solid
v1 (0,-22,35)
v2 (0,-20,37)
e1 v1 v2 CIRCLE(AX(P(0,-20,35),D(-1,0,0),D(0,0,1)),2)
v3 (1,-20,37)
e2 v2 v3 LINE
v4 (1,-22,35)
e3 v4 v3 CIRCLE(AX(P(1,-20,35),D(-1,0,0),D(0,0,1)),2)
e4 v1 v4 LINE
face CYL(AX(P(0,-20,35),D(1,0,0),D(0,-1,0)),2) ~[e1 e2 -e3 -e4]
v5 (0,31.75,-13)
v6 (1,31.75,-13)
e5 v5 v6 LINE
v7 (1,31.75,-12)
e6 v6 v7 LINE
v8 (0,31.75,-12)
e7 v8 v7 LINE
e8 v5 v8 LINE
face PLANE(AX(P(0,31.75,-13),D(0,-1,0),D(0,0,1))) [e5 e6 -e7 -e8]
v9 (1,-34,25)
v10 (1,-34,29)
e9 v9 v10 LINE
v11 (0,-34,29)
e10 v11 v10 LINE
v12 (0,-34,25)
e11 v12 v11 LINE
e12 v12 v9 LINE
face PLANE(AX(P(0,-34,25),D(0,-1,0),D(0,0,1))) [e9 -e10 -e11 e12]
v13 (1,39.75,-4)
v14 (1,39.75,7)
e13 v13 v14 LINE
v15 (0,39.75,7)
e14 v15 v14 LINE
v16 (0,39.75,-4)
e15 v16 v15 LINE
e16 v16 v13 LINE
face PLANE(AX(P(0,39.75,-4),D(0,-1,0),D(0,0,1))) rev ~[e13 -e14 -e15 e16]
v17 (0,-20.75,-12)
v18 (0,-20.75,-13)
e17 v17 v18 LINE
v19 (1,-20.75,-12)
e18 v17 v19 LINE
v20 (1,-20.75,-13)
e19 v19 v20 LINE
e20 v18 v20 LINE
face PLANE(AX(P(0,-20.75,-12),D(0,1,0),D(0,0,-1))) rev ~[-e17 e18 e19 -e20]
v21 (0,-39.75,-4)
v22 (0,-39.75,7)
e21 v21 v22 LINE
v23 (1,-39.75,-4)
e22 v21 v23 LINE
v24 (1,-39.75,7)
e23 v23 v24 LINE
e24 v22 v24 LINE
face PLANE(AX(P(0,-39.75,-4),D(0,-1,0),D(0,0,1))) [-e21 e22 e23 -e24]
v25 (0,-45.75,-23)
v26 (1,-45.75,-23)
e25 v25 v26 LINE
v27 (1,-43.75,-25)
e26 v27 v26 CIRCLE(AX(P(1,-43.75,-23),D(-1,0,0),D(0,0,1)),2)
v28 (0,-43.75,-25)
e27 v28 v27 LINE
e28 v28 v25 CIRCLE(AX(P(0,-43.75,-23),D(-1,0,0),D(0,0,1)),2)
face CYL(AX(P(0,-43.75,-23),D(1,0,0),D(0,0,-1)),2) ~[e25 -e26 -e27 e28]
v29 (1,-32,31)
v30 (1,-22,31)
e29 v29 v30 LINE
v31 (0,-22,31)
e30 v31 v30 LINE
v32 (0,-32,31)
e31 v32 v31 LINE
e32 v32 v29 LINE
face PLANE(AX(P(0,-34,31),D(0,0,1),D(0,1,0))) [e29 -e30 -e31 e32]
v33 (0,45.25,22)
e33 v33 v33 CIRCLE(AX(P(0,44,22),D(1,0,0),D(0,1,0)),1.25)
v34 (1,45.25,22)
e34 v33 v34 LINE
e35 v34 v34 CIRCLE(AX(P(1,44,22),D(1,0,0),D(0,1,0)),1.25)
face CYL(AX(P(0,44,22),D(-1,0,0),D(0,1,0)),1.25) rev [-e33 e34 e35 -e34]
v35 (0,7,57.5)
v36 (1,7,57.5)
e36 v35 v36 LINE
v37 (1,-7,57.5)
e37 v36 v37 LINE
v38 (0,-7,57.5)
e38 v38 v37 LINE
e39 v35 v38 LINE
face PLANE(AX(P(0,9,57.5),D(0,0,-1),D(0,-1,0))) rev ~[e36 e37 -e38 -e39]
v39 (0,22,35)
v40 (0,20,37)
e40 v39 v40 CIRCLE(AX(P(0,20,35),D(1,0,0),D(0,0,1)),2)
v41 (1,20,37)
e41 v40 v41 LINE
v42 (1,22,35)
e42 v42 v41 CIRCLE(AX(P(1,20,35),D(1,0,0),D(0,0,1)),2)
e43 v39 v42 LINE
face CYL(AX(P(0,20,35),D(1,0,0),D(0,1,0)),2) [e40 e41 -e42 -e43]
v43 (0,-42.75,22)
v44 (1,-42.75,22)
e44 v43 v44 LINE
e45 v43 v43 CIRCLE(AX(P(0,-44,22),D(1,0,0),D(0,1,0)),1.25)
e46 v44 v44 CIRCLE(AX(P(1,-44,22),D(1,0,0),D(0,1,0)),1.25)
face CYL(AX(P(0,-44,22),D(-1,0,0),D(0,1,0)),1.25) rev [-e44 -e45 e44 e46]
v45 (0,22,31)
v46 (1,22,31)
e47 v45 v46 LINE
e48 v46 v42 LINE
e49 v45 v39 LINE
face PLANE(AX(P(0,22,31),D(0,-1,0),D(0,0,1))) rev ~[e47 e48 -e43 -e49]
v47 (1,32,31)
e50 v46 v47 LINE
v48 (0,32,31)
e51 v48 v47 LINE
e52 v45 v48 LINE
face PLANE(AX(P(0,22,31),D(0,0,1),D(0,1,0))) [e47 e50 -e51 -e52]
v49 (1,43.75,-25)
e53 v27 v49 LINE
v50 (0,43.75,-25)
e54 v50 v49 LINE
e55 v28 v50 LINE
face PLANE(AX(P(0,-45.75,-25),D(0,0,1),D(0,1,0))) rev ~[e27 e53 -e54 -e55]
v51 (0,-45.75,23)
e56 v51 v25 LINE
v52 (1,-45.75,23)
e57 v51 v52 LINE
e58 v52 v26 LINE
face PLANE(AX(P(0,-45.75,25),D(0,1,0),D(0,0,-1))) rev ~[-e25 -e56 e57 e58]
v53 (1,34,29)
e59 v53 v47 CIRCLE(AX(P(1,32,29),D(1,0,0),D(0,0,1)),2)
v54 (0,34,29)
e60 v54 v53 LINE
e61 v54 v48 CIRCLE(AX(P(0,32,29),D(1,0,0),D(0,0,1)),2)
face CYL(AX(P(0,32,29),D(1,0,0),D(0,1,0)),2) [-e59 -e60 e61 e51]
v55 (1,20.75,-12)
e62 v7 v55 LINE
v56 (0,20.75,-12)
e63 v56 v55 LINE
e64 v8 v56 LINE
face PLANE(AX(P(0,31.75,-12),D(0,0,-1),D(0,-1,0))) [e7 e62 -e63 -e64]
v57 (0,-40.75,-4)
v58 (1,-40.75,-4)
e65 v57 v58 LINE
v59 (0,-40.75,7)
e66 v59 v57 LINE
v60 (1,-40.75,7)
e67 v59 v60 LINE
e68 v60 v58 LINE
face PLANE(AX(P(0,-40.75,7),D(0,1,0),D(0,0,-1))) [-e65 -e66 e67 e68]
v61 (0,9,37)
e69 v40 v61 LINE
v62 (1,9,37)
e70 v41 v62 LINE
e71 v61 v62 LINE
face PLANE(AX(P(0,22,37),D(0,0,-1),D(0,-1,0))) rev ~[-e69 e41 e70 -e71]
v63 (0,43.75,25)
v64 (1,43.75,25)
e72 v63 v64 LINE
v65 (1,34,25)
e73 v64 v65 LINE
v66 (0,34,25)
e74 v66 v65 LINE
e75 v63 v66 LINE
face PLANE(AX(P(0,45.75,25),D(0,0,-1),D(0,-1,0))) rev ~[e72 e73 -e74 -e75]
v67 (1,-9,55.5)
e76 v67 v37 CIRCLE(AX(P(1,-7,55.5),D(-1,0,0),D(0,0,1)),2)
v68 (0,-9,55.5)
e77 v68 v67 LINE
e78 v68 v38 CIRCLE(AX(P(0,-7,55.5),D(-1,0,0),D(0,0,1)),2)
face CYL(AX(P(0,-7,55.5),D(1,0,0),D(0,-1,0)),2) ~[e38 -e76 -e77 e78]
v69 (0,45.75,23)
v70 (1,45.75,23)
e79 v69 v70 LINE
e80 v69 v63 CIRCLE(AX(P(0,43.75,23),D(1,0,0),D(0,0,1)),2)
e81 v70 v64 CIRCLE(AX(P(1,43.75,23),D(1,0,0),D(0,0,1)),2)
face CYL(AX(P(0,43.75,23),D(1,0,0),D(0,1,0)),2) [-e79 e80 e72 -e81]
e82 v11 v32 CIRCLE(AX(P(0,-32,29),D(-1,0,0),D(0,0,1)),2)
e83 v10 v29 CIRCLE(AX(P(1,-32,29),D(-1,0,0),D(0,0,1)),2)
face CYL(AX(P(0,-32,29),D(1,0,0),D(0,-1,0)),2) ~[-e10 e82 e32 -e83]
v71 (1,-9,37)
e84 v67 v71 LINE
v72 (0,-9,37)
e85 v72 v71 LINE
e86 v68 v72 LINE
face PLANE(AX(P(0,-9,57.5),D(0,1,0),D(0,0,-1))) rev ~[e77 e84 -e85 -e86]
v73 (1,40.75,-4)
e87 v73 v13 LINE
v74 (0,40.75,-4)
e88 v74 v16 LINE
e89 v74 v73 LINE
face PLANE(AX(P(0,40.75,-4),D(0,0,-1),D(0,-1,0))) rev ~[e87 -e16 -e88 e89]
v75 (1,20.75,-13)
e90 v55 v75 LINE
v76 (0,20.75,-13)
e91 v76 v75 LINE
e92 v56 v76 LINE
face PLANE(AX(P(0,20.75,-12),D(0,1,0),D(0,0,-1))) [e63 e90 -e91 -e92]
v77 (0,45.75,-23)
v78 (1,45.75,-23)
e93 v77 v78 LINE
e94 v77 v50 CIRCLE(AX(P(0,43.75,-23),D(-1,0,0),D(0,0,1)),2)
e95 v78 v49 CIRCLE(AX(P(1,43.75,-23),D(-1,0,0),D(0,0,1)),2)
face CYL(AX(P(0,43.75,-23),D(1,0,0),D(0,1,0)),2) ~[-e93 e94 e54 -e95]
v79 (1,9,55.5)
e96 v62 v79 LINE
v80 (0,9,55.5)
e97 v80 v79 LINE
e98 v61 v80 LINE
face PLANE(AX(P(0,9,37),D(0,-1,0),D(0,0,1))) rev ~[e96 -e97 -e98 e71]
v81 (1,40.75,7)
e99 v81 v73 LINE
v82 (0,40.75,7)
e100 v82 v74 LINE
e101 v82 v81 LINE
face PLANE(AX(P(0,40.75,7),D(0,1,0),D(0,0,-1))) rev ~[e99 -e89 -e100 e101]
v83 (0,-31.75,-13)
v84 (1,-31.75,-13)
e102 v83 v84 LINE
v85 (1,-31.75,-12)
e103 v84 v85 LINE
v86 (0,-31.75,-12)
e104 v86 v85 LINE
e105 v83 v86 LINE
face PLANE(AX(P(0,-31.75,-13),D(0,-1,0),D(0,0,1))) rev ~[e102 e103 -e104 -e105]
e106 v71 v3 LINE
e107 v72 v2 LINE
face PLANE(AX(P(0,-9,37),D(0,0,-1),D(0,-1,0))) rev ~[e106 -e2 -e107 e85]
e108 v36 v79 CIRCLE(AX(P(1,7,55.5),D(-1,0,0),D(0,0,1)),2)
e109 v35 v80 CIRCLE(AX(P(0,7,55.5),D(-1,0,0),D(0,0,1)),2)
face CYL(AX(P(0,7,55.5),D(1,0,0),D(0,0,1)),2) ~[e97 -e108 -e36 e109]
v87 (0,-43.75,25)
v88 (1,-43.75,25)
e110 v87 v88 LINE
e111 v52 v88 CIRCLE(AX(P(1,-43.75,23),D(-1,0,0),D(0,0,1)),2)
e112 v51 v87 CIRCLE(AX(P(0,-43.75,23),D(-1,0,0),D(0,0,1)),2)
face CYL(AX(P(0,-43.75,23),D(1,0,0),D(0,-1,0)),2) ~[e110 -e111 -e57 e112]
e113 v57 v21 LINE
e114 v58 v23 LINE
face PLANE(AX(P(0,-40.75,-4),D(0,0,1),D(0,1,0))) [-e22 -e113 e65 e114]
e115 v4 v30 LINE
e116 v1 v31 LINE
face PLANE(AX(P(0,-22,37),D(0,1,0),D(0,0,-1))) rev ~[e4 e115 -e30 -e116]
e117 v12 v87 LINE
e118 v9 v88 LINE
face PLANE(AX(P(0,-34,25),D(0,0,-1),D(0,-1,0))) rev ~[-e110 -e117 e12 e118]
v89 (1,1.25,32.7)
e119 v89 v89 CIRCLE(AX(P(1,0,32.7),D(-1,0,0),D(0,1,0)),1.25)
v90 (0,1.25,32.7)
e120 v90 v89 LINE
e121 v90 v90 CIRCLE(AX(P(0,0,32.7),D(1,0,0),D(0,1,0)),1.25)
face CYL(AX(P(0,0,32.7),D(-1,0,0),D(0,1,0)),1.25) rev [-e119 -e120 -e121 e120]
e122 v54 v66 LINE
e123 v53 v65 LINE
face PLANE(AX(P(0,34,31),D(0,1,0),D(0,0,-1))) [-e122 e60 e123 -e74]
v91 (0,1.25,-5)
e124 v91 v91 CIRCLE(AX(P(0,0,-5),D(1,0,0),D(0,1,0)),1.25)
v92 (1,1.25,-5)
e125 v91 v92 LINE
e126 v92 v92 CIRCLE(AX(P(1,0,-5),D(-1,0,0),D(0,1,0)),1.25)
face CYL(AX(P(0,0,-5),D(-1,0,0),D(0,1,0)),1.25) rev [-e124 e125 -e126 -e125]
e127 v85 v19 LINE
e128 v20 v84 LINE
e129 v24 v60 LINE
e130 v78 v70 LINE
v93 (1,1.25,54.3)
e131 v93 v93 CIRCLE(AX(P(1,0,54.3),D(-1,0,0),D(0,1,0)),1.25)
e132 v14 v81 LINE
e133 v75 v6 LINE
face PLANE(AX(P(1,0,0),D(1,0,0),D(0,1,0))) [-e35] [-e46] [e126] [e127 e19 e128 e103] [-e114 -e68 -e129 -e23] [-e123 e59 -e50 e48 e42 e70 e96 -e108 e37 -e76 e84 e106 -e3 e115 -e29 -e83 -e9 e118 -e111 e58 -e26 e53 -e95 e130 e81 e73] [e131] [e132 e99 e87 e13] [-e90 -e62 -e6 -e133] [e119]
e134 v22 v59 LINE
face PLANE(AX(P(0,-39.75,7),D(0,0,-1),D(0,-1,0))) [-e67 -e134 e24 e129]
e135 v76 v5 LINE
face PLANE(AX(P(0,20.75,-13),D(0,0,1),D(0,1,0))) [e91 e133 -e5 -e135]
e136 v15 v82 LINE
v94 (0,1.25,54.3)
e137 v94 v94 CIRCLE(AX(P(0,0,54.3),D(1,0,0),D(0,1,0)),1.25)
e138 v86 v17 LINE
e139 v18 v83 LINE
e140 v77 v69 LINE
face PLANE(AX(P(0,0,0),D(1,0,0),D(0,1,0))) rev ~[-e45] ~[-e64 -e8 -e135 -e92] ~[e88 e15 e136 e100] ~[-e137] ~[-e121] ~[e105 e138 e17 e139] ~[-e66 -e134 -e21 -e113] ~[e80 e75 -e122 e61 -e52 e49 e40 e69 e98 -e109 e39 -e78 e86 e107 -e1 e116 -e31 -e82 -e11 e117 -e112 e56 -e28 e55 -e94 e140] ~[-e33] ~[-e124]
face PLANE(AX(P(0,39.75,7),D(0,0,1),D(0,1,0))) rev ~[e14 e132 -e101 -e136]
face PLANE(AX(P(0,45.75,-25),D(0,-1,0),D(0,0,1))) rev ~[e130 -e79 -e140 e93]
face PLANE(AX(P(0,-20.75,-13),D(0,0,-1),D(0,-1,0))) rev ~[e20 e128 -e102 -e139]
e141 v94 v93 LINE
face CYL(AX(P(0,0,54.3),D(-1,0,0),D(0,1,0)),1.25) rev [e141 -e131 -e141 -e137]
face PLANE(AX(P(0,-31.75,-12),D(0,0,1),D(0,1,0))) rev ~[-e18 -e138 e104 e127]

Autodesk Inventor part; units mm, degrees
ref_plane "YZ Plane" through (0, 0, 0) normal (1, 0, 0) x (0, 1, 0)
ref_plane "XZ Plane" through (0, 0, 0) normal (0, 1, 0) x (-1, 0, 0)
ref_plane "XY Plane" through (0, 0, 0) normal (0, 0, 1) x (1, 0, 0)
sketch "Sketch1" plane through (0, 0, 0) normal (1, 0, 0) x (0, 1, 0)
  line L0 (45.75, 25) -> (-45.75, 25)
  line L1 (-45.75, 25) -> (-45.75, -25)
  line L2 (-45.75, -25) -> (45.75, -25)
  line L3 (45.75, -25) -> (45.75, 25)
  circle A0 centre (44, 22) radius 1.25
  line L4 (0, 25) -> (0, -25) construction
  circle A1 centre (-44, 22) radius 1.25
  line L5 (-34, 25) -> (-34, 31)
  line L6 (-34, 31) -> (34, 31)
  line L7 (34, 31) -> (34, 25)
  line L8 (-31.75, -12) -> (-20.75, -12)
  line L9 (-20.75, -12) -> (-20.75, -13)
  line L10 (-20.75, -13) -> (-31.75, -13)
  line L11 (-31.75, -13) -> (-31.75, -12)
  line L12 (31.75, -12) -> (20.75, -12)
  line L13 (20.75, -12) -> (20.75, -13)
  line L14 (20.75, -13) -> (31.75, -13)
  line L15 (31.75, -13) -> (31.75, -12)
  line L16 (-39.75, 7) -> (-40.75, 7)
  line L17 (-40.75, 7) -> (-40.75, -4)
  line L18 (-40.75, -4) -> (-39.75, -4)
  line L19 (-39.75, -4) -> (-39.75, 7)
  line L20 (39.75, 7) -> (40.75, 7)
  line L21 (40.75, 7) -> (40.75, -4)
  line L22 (40.75, -4) -> (39.75, -4)
  line L23 (39.75, -4) -> (39.75, 7)
  circle A2 centre (0, -5) radius 1.25
  circle A3 centre (0, 54.3) radius 1.25
  line L24 (22, 31) -> (22, 37)
  line L25 (22, 37) -> (9, 37)
  line L26 (9, 37) -> (9, 57.5)
  line L27 (-9, 57.5) -> (-9, 37)
  line L28 (-9, 37) -> (-22, 37)
  line L29 (-22, 37) -> (-22, 31)
  line L30 (9, 57.5) -> (-9, 57.5)
  circle A4 centre (0, 32.7) radius 1.25
  point P0 (0, 0)
  point P1 (45.75, 0)
  dimension "d0" = 50
  dimension "d1" = 91.5
  dimension "d2" = 2.5
  dimension "d4" = 3
  dimension "d11" = 11.75
  dimension "d12" = 6
  dimension "d13" = 11.75
  dimension "d18" = 1
  dimension "d19" = 11
  dimension "d20" = 14
  dimension "d21" = 12
  dimension "d24" = 21
  dimension "d25" = 1
  dimension "d26" = 5
  dimension "d27" = 11
  dimension "d28" = 30
  dimension "d29" = 2.5
  dimension "d30" = 2.5
  dimension "d33" = 6
  dimension "d34" = 25
  dimension "d35" = 25
  dimension "d37" = 12
  dimension "d38" = 12
  dimension "d39" = 9
  dimension "d41" = 26.5
  dimension "d42" = 3.2
  dimension "d43" = 2.5
  dimension "d44" = 37.7
  dimension "d45" = 10
extrude "Extrusion1" add sketch "Sketch1" along normal blind 1 contours L3 L2 L1 L0 | L0 L5 L6 L7 | L6 L29 L28 L27 L30 L26 L25 L24 | L8 L9 L10 L11 | L15 L14 L13 L12 | L19 L18 L17 L16 | L20 L21 L22 L23 | A2 | A3 | A4
fillet "Fillet1" radius 2 10 edges at (0.5, -45.75, 25) (0.5, -34, 31) (0.5, 34, 31) (0.5, 45.75, 25) (0.5, -45.75, -25) (0.5, 45.75, -25) (0.5, 9, 57.5) (0.5, -9, 57.5) (0.5, 22, 37) (0.5, -22, 37)
extrude "Extrusion2" cut sketch "Sketch1" along normal up to next contours L8 L9 L10 L11 | L15 L14 L13 L12 | L19 L18 L17 L16 | L20 L21 L22 L23 | A2 | A3 | A4
properties part number "PCB"
